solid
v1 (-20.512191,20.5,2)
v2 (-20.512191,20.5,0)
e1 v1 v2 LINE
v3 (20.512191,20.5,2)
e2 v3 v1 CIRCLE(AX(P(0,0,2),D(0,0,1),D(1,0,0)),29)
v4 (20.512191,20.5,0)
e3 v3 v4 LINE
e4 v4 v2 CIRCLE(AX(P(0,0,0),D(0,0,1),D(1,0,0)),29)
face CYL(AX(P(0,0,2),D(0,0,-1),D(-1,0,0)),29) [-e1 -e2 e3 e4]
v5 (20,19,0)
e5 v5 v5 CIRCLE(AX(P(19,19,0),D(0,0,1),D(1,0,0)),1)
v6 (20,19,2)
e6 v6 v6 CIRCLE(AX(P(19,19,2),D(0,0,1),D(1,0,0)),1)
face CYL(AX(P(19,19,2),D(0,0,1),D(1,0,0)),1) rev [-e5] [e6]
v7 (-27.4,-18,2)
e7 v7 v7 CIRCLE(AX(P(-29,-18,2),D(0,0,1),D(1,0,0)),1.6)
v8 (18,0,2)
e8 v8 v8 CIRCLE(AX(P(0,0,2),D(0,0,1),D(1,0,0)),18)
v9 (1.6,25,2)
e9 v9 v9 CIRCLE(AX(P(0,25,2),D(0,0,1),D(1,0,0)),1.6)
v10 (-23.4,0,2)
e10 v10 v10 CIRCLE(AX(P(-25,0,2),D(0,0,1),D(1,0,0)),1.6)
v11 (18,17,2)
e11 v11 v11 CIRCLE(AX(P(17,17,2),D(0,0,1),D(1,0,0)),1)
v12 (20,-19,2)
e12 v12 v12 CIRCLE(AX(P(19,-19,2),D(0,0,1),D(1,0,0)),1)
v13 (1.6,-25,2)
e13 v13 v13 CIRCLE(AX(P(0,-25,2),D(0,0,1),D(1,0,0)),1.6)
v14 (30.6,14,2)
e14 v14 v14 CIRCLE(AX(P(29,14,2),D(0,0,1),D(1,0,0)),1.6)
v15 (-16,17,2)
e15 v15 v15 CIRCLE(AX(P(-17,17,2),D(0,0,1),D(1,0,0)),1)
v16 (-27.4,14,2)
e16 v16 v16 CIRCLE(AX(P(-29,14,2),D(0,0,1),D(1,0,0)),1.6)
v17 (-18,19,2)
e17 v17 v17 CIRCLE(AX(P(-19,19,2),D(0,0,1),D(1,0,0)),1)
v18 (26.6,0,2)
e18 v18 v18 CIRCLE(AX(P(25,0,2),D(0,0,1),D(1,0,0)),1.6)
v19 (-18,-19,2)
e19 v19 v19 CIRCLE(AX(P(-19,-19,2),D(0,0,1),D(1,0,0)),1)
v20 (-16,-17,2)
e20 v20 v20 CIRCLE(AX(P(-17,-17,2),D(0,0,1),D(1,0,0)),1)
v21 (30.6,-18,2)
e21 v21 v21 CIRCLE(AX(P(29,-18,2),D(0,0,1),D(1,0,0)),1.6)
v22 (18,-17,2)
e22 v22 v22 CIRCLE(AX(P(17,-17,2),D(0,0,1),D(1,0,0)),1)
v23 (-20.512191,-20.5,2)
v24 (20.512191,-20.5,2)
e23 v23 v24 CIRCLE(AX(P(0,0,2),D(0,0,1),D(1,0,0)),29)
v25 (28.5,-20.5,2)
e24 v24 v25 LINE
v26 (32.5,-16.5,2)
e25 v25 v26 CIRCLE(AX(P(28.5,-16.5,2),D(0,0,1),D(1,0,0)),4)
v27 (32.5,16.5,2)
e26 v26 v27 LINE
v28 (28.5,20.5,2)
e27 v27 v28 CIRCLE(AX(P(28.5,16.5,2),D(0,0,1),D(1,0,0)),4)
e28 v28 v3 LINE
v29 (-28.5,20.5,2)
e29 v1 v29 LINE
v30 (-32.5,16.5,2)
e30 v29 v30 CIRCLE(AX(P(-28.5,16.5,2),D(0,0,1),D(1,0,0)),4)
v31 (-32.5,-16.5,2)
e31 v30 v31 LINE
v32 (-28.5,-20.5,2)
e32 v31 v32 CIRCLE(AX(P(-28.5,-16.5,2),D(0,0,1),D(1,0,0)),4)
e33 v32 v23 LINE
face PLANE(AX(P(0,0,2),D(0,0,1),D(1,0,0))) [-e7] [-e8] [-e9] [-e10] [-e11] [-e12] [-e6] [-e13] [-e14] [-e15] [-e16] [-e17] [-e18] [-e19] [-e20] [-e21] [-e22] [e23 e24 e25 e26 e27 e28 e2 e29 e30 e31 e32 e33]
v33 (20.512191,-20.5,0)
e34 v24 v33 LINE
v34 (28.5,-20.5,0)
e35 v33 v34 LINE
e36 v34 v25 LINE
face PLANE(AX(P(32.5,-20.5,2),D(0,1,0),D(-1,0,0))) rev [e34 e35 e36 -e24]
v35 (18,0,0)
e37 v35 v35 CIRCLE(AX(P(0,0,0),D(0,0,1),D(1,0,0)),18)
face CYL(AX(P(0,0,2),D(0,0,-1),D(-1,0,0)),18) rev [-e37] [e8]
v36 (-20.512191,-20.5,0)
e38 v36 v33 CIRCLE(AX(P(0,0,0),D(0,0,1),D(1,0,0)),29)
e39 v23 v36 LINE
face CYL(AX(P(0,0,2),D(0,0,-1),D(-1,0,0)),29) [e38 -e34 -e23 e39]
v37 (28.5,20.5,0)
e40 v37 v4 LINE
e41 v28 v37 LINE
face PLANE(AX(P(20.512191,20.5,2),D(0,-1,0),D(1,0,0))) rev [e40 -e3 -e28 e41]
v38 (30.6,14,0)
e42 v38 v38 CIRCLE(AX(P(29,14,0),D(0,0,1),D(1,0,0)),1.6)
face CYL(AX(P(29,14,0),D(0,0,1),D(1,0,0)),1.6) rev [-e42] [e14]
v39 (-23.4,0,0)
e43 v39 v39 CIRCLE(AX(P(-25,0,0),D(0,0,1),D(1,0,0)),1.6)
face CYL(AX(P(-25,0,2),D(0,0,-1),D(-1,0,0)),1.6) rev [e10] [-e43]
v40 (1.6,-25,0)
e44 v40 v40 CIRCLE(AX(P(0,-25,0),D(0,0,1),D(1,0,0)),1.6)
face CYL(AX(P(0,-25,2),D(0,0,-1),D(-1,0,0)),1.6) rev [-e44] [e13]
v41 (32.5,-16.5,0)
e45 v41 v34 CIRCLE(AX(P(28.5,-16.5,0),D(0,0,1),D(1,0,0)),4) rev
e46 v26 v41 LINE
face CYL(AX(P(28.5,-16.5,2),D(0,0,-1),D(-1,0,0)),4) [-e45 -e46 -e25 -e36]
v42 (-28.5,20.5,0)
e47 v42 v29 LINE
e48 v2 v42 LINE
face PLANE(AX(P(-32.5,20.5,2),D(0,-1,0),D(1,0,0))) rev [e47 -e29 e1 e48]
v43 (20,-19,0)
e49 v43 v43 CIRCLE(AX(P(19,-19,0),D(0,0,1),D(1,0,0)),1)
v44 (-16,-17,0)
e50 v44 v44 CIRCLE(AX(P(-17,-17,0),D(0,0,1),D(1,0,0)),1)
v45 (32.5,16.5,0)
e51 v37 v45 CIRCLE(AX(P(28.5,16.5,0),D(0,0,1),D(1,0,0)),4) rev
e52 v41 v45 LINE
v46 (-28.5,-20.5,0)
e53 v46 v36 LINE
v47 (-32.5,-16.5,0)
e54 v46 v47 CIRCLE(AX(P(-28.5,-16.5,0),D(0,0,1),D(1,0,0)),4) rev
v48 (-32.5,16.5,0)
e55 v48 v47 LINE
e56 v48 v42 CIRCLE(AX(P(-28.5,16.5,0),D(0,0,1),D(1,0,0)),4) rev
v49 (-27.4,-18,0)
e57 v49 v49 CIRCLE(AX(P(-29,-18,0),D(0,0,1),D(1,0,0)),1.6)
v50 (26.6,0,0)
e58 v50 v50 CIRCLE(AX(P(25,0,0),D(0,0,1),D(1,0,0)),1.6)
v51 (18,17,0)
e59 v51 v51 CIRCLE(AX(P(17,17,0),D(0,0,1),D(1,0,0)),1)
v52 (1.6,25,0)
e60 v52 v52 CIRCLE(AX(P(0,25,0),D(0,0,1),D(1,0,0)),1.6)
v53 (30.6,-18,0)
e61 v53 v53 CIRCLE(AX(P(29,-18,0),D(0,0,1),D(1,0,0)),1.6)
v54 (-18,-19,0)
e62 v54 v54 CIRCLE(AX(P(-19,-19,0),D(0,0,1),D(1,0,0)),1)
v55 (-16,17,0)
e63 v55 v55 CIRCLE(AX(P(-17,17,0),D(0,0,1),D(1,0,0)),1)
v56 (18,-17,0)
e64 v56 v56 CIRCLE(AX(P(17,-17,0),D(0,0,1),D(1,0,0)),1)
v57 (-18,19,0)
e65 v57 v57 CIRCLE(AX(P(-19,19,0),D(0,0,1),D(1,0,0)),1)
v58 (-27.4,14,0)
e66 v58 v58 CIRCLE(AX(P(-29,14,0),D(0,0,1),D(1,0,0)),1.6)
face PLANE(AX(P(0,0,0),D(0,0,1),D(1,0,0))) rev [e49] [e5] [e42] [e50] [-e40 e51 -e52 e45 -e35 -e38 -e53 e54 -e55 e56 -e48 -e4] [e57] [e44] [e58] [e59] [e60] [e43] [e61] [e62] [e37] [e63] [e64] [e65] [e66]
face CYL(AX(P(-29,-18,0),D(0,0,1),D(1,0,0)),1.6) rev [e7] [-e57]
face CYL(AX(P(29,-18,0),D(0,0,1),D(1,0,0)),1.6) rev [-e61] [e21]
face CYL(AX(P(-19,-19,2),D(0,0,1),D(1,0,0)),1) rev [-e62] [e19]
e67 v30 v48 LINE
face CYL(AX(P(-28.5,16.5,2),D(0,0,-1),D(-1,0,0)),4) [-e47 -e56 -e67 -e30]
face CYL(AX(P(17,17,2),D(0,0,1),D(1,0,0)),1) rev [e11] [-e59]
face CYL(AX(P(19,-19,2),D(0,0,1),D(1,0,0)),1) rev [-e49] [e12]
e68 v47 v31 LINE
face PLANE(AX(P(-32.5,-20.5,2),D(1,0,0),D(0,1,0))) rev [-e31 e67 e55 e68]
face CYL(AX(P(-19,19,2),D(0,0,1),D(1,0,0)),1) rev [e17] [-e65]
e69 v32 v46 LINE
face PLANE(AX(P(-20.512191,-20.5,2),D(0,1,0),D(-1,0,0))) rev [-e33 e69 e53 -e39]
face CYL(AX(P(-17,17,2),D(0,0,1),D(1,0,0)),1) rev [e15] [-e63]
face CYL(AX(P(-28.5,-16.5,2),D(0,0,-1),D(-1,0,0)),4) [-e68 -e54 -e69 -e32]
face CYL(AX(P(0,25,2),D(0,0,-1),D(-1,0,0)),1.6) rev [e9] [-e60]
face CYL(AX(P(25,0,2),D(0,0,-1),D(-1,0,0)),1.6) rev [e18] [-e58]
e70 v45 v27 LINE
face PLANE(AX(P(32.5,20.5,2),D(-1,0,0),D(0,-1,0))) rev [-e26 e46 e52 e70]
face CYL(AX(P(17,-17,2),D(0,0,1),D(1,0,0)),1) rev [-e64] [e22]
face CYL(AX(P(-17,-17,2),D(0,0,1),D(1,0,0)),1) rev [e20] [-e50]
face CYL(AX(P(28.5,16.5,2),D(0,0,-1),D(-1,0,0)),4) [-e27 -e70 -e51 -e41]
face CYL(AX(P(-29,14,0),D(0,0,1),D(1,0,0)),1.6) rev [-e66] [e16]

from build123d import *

# Parameters (mm, degrees)
SKETCH1_R             = 18
BOSS_EXTRUDE1_DEPTH   = 2
SKETCH2_R             = 1.6
CUT_EXTRUDE1_DEPTH    = 2
F_2_0MM_DOWEL_HOLE1_D = 2
SKETCH5_R             = 1.6
CUT_EXTRUDE4_DEPTH    = 44.603325561
FILLET1_R             = 4


with BuildPart() as part:
    # Sketch1 → Boss-Extrude1 (new body)
    with BuildSketch(Plane.XY):
        with BuildLine():
            Line((-32.5, 20.5), (-20.512191497, 20.5))
            ThreePointArc((-20.512191497, 20.5), (0, 29), (20.512191497, 20.5))
            Line((20.512191497, 20.5), (32.5, 20.5))
            Line((32.5, 20.5), (32.5, -20.5))
            Line((32.5, -20.5), (20.512191497, -20.5))
            ThreePointArc((20.512191497, -20.5), (0, -29), (-20.512191497, -20.5))
            Line((-20.512191497, -20.5), (-32.5, -20.5))
            Line((-32.5, -20.5), (-32.5, 20.5))
        make_face()
        Circle(SKETCH1_R, mode=Mode.SUBTRACT)
    extrude(amount=BOSS_EXTRUDE1_DEPTH)

    # Sketch2 → Cut-Extrude1 (cut)
    with BuildSketch(Plane.XY.offset(2)):
        with Locations((-29, 14)):
            Circle(SKETCH2_R)
        with Locations((-29, -18)):
            Circle(SKETCH2_R)
        with Locations((29, -18)):
            Circle(SKETCH2_R)
        with Locations((29, 14)):
            Circle(SKETCH2_R)
    extrude(amount=-CUT_EXTRUDE1_DEPTH, mode=Mode.SUBTRACT)

    # Ø2.0mm Dowel Hole1 (through all)
    with Locations(Plane(origin=(-19, 19, 2), x_dir=(1, 0, 0), z_dir=(0, 0, 1))):
        with Locations((0, 0), (2, -2), (36, -2), (38, 0), (36, -36), (38, -38), (0, -38), (2, -36)):
            Hole(F_2_0MM_DOWEL_HOLE1_D / 2)

    # Sketch5 → Cut-Extrude4 (cut, through all)
    with BuildSketch(Plane.XY):
        with Locations((0, 25)):
            Circle(SKETCH5_R)
        with Locations((-25, 0)):
            Circle(SKETCH5_R)
        with Locations((25, 0)):
            Circle(SKETCH5_R)
        with Locations((0, -25)):
            Circle(SKETCH5_R)
    extrude(amount=CUT_EXTRUDE4_DEPTH, mode=Mode.SUBTRACT)

    # Fillet1
    fillet1_edges = [part.edges().sort_by_distance(p)[0] for p in [
        (-32.5, -20.5, 1),
        (-32.5, 20.5, 1),
        (32.5, 20.5, 1),
        (32.5, -20.5, 1),
    ]]
    fillet(fillet1_edges, radius=FILLET1_R)


solid = part.part
